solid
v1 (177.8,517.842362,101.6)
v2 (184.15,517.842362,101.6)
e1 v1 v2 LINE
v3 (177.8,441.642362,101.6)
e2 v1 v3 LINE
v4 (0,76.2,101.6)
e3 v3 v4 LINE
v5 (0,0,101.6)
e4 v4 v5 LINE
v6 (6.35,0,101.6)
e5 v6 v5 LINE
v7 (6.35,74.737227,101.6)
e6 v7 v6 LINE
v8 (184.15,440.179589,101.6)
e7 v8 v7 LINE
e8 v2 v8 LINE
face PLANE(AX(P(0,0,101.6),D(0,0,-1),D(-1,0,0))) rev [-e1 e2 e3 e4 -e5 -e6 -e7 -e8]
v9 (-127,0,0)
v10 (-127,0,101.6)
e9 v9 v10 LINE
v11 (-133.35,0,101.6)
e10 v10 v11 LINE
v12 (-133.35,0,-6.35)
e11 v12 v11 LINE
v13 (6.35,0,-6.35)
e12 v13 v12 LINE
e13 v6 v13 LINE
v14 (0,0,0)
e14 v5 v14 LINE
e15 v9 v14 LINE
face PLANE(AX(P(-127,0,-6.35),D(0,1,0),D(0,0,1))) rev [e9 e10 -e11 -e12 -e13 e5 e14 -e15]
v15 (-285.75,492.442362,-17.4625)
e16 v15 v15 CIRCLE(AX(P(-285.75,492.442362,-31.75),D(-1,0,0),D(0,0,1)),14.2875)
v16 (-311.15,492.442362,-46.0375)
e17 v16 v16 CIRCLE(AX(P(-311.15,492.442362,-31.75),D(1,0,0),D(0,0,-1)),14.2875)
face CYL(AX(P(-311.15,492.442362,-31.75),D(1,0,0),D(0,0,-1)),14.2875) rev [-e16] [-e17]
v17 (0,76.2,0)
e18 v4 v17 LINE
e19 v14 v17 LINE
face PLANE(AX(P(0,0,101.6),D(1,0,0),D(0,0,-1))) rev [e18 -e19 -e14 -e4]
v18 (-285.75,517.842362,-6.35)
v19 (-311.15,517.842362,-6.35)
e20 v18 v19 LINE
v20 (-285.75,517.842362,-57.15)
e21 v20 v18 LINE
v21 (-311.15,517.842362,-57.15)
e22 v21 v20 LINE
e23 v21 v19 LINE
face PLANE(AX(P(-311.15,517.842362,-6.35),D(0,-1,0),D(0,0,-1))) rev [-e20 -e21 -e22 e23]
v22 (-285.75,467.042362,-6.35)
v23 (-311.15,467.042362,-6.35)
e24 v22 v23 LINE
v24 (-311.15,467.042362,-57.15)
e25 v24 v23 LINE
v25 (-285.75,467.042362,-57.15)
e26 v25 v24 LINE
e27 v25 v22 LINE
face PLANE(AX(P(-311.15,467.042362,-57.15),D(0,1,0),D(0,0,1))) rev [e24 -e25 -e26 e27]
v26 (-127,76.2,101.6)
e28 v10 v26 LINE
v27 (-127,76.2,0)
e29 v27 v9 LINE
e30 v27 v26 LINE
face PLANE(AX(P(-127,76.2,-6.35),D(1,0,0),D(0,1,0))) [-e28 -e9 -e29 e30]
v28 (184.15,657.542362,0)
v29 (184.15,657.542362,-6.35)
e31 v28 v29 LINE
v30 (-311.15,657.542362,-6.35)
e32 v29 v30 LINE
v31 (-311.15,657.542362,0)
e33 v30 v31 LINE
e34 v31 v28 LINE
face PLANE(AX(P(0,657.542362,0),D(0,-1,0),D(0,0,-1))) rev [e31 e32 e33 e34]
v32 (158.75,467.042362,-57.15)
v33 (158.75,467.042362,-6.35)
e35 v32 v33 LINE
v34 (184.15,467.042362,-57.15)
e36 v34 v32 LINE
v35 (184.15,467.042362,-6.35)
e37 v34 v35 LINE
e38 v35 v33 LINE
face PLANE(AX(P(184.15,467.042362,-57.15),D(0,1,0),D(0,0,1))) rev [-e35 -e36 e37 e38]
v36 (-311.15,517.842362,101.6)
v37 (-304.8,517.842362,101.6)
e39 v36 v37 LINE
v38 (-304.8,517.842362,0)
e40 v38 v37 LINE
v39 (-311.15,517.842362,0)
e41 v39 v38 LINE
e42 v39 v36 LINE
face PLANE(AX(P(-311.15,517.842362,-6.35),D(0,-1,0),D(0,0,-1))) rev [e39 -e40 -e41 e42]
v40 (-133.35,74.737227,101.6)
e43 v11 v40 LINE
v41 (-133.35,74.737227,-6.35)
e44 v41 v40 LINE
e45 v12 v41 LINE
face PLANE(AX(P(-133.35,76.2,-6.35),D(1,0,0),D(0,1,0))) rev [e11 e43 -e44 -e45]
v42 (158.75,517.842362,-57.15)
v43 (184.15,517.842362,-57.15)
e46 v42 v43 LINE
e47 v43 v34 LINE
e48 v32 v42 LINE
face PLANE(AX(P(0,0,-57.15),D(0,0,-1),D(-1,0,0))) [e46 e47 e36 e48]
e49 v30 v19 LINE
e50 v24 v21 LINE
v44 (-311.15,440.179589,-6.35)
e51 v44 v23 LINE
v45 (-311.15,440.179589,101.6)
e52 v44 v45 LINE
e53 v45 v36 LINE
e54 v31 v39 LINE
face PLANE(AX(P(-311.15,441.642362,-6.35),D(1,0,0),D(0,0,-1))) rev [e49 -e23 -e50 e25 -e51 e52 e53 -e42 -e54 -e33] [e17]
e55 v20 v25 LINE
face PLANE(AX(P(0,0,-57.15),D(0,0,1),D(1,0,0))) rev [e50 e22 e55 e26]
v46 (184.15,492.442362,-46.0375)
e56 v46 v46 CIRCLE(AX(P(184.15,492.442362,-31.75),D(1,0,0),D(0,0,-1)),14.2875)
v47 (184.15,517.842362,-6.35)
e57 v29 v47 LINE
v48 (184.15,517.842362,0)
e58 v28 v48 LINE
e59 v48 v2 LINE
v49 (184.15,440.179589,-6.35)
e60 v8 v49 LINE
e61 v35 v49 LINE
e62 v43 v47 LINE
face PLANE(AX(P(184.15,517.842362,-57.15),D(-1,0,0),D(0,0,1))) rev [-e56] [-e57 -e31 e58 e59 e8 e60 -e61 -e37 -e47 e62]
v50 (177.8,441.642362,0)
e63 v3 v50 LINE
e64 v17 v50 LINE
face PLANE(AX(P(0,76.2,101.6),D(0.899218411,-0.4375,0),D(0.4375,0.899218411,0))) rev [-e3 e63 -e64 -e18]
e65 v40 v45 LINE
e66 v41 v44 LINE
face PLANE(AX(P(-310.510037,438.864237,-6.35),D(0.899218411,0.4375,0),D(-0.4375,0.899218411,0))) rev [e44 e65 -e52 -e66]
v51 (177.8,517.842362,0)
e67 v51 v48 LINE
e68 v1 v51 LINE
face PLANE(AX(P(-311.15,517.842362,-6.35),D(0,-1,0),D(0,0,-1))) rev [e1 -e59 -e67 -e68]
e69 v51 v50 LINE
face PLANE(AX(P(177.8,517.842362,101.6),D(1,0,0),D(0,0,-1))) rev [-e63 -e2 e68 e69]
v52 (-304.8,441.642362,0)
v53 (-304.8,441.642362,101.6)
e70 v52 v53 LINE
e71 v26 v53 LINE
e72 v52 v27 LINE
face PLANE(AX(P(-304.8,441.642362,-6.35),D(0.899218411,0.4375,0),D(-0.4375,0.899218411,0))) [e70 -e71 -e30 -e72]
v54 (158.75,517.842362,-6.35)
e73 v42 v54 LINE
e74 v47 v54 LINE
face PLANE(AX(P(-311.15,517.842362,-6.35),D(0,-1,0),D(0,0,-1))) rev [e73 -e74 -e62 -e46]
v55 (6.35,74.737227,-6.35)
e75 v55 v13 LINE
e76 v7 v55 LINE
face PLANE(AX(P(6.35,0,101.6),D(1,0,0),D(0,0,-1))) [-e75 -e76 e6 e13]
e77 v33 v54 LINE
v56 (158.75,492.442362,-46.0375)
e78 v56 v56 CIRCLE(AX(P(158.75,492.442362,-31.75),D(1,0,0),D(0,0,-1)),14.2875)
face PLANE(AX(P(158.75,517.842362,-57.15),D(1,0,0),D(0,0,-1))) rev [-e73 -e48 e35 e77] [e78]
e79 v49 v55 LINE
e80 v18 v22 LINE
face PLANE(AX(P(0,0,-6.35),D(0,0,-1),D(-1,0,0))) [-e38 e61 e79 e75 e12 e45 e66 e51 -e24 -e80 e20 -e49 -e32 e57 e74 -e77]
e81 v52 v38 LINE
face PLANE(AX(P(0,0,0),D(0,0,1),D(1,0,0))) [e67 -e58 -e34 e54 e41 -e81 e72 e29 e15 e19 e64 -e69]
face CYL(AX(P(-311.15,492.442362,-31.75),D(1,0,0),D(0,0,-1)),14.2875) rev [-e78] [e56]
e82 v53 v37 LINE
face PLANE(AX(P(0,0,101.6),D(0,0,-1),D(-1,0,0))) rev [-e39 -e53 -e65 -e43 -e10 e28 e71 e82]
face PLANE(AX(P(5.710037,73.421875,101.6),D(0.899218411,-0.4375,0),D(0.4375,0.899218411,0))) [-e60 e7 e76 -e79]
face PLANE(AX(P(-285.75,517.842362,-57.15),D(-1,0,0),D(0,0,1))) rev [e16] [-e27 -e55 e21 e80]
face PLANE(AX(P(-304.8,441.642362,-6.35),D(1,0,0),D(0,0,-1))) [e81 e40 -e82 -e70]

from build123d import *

# Parameters (mm, degrees)
EXTRUDE_THIN1_DEPTH        = 101.6
EXTRUDE_THIN1_DEPTH_BACK   = 6.35
EXTRUDE_THIN1_2_DEPTH      = 101.6
EXTRUDE_THIN1_2_DEPTH_BACK = 6.35
BOSS_EXTRUDE1_DEPTH        = 6.35
SKETCH2_W                  = 25.4
SKETCH2_H                  = 50.8
BOSS_EXTRUDE2_DEPTH        = 50.8
SKETCH3_R                  = 14.2875
CUT_EXTRUDE1_DEPTH         = 496.3
SKETCH4_W                  = 495.3
SKETCH4_H                  = 6.35
BOSS_EXTRUDE3_DEPTH        = 139.7


with BuildPart() as part:
    # Sketch1 → Extrude-Thin1 (new body, two sides)
    with BuildSketch(Plane.XY) as extrude_thin1_sk:
        Polygon((0, 0), (0, 76.2), (177.8, 441.642362076), (177.8, 517.842362076), (184.15, 517.842362076), (184.15, 440.179589293), (6.35, 74.737227217), (6.35, 0), align=None)
    extrude(amount=EXTRUDE_THIN1_DEPTH)
    extrude(extrude_thin1_sk.sketch, amount=-EXTRUDE_THIN1_DEPTH_BACK)



with BuildPart() as body_2:
    # Sketch1 → Extrude-Thin1 2 (new body, two sides)
    with BuildSketch(Plane.XY) as extrude_thin1_2_sk:
        Polygon((-304.8, 517.842362076), (-304.8, 441.642362076), (-127, 76.2), (-127, 0), (-133.35, 0), (-133.35, 74.737227217), (-311.15, 440.179589293), (-311.15, 517.842362076), align=None)
    extrude(amount=EXTRUDE_THIN1_2_DEPTH)
    extrude(extrude_thin1_2_sk.sketch, amount=-EXTRUDE_THIN1_2_DEPTH_BACK)

    # Sketch1<3> → Boss-Extrude1 (add)
    with BuildSketch(Plane.XY):
        Polygon((-127, 0), (0, 0), (0, 76.2), (177.8, 441.642362076), (177.8, 517.842362076), (-304.8, 517.842362076), (-304.8, 441.642362076), (-127, 76.2), align=None)
    extrude(amount=-BOSS_EXTRUDE1_DEPTH)


with BuildPart() as part_1:
    add(part.part)

    add(body_2.part)  # Boss-Extrude2 merges body 2
    # Sketch2 → Boss-Extrude2 (add)
    with BuildSketch(Plane(origin=(0, 0, -6.35), x_dir=(-1, 0, 0), z_dir=(0, 0, -1))):
        with Locations((-171.45, 492.442362076)):
            Rectangle(SKETCH2_W, SKETCH2_H)
        with Locations((298.45, 492.442362076)):
            Rectangle(SKETCH2_W, SKETCH2_H)
    extrude(amount=BOSS_EXTRUDE2_DEPTH)

    # Sketch3 → Cut-Extrude1 (cut, through all)
    with BuildSketch(Plane(origin=(184.15, 0, 0), x_dir=(0, 0, -1), z_dir=(1, 0, 0))):
        with Locations((31.75, 492.442362076)):
            Circle(SKETCH3_R)
    extrude(amount=-CUT_EXTRUDE1_DEPTH, mode=Mode.SUBTRACT)

    # Sketch4 → Boss-Extrude3 (add)
    with BuildSketch(Plane(origin=(0, 517.842362076, 0), x_dir=(1, 0, 0), z_dir=(0, 1, 0))):
        with Locations((-63.5, 3.175)):
            Rectangle(SKETCH4_W, SKETCH4_H)
    extrude(amount=BOSS_EXTRUDE3_DEPTH)


solid = part_1.part
